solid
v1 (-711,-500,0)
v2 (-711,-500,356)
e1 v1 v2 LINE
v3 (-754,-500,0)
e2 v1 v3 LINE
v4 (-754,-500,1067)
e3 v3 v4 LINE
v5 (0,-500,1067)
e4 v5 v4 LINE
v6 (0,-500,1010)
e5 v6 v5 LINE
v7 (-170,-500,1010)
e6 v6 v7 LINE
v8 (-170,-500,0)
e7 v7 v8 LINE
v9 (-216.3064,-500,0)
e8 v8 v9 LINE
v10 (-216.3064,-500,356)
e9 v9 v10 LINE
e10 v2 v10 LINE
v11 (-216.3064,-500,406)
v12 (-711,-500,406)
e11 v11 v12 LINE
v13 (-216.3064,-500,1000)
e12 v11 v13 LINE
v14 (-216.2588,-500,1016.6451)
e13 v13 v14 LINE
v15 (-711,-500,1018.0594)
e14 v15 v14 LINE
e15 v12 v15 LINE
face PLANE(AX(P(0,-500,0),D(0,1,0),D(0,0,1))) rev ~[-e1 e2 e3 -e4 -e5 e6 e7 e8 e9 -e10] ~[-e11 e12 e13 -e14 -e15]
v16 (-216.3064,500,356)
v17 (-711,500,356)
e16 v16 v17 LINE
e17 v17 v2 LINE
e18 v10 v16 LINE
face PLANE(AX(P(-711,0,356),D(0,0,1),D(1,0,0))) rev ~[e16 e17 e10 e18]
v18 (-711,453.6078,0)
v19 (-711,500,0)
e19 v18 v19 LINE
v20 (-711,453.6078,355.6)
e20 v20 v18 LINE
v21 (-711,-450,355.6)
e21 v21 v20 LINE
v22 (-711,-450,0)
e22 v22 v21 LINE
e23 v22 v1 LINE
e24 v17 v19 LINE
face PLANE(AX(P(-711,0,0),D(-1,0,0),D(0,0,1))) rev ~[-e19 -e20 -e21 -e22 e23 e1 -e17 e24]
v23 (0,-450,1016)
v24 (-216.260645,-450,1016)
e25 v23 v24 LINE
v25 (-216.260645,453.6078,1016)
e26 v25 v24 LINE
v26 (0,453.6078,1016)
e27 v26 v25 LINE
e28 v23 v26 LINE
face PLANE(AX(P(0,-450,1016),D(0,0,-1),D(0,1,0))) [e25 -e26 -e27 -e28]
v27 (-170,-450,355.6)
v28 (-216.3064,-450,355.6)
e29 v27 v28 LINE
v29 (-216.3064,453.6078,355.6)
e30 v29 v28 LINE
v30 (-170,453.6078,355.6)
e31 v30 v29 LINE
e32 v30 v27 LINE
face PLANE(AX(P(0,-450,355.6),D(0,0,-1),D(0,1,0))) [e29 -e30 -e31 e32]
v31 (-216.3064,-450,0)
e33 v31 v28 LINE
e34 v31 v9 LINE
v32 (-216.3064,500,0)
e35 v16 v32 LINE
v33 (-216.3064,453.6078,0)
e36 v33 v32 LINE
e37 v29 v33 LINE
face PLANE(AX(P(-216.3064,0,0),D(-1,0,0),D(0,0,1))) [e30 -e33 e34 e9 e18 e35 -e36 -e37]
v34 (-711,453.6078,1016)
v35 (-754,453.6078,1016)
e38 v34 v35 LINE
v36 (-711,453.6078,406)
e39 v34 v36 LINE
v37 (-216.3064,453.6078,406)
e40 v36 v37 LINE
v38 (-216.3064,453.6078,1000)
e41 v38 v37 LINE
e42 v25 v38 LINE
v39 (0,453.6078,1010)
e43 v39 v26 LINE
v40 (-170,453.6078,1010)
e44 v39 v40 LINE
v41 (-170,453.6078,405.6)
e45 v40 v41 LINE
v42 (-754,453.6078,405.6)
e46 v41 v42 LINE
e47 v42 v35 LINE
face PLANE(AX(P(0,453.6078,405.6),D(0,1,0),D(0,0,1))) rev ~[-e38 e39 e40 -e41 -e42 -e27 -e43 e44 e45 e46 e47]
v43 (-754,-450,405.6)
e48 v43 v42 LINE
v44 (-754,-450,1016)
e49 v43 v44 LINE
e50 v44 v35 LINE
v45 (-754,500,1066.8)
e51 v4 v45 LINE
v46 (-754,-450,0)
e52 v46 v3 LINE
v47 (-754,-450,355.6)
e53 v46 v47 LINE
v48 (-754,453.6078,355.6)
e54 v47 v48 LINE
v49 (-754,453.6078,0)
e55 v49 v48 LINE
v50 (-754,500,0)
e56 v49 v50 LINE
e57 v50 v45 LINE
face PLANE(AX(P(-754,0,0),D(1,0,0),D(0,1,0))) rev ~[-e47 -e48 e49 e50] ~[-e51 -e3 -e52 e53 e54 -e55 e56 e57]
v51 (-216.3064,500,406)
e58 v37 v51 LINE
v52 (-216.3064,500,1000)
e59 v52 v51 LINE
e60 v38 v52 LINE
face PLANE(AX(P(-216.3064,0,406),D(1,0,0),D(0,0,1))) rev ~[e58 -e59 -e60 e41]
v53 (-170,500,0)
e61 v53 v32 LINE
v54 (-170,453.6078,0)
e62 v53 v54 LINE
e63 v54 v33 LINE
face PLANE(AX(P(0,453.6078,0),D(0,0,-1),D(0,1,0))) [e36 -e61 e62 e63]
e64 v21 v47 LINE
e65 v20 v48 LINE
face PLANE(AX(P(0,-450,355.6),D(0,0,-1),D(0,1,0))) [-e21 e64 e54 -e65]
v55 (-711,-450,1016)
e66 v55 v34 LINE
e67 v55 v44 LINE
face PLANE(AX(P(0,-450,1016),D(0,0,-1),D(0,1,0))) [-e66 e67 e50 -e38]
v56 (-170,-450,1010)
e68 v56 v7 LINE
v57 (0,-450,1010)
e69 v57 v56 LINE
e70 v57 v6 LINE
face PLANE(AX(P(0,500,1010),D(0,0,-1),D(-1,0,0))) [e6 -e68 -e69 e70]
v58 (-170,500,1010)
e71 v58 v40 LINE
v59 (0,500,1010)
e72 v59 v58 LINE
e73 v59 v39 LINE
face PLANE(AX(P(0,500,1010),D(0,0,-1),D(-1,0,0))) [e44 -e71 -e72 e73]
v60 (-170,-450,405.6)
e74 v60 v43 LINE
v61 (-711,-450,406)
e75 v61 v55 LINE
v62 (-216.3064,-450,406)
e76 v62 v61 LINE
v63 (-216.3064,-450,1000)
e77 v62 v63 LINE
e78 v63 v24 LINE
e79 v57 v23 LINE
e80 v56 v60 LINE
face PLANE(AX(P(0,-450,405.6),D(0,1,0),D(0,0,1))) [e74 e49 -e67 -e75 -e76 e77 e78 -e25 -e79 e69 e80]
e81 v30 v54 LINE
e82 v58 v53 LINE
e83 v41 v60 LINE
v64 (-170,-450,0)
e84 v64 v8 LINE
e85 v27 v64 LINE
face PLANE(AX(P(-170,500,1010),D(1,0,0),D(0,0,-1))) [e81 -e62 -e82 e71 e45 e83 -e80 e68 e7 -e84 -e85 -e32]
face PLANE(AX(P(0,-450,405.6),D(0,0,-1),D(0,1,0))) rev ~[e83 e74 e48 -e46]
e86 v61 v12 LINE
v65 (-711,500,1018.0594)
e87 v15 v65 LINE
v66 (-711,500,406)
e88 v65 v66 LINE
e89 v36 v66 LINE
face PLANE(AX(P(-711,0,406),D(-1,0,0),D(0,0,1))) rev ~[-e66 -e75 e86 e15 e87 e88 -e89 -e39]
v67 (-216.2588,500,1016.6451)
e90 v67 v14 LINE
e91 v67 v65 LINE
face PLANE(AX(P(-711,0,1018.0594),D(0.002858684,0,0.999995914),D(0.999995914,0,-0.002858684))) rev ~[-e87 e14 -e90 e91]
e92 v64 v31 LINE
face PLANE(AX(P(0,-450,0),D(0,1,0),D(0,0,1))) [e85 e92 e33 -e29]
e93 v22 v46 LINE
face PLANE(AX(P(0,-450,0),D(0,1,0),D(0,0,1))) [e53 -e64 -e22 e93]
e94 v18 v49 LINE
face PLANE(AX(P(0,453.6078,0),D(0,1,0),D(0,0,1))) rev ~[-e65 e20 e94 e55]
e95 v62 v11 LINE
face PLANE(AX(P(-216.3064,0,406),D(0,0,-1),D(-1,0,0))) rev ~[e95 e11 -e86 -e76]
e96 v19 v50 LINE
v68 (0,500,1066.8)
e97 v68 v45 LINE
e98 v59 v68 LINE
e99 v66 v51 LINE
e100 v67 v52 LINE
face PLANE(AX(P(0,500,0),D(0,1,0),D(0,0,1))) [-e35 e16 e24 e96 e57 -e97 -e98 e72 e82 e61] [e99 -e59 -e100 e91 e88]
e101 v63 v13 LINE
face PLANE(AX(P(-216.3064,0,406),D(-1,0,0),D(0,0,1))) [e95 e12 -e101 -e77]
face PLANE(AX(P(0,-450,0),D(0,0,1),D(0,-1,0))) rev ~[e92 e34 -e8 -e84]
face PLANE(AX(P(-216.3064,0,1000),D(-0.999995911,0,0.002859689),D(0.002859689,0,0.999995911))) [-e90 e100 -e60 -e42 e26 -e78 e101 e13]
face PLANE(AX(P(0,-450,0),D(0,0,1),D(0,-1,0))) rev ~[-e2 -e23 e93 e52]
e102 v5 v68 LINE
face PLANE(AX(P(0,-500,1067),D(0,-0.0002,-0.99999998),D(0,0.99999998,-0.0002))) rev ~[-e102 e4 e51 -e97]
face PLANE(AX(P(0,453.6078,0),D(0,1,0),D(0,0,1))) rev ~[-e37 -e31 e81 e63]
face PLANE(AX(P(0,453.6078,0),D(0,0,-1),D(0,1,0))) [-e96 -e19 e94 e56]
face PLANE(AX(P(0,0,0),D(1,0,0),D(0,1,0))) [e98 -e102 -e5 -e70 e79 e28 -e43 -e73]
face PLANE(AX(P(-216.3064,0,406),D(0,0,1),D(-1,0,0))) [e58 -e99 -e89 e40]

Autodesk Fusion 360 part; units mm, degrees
sketch "FrontProfile" plane through (0, 0, 0) normal (1, 0, 0) x (0, 1, 0)
  line L0 (0, 0) -> (-450, 0)
  line L1 (0, 0) -> (450, 0)
  line L2 (-450, 0) -> (-500, 0)
  line L3 (450, 0) -> (500, 0)
  line L4 (-500, 0) -> (-500, 1067)
  line L5 (500, 0) -> (500, 1066.8)
  line L6 (453.6078, 0) -> (453.6078, 1016)
  line L7 (-450, 0) -> (-450, 1016)
  line L8 (-450, 355.6) -> (453.6078, 355.6)
  line L9 (-450, 405.6) -> (453.6078, 405.6)
  line L10 (-450, 1016) -> (453.6078, 1016)
  line L11 (-500, 1067) -> (500, 1066.8)
sketch "Sketch3" plane through (0, 0, 0) normal (0, 1, 0) x (1, 0, 0)
  line L0 (0, 0) -> (-165.5064, 0)
  line L1 (-165.5064, 0) -> (-165.5064, -1016.5)
  line L2 (0, -1100) -> (-762, -1100)
  line L3 (-165.5064, 0) -> (-216.3064, 0)
  line L4 (-216.3064, 0) -> (-216.3064, -1000)
  line L5 (-762, -1100) -> (-762, 0)
  line L6 (-762, 0) -> (-711, 0)
  line L7 (-711, 0) -> (-711, -1018.0594)
  line L8 (-711, -1018.0594) -> (-165.5064, -1016.5)
  line L9 (-216.3064, -1000) -> (-216.2588, -1016.6451)
  line L10 (0, -1100) -> (0, 0)
  line L11 (-711, -356) -> (-216.3064, -356)
  line L12 (-711, 0) -> (-216.3064, 0)
  line L13 (-216.3064, -406) -> (-711, -406)
sketch "Sketch4" plane through (0, 0, 0) normal (0, 0, 1) x (1, 0, 0)
  line L0 (0, 0) -> (-762, 0)
  line L1 (0, 0) -> (0, 473.2266)
  line L2 (0, 0) -> (0, 422)
  line L3 (0, 0) -> (0, -422)
  line L4 (0, -422) -> (-750.4023, -422)
  line L5 (-750.4023, -422) -> (-762, 0)
  line L6 (0, 473.2266) -> (-750.4023, 473.2266)
  line L7 (-750.4023, 473.2266) -> (-762, 0)
  line L8 (-762, 0) -> (-762, 473.2266)
  line L9 (-762, 473.2266) -> (-750.4023, 473.2266)
  line L10 (-762, 0) -> (-762, -420)
  line L11 (-762, -420) -> (-762, -422)
  line L12 (-762, -422) -> (-697, -422)
extrude "Extrude1" add sketch "FrontProfile" against normal blind 754 contours L2 L3 L4 L5 L6 L7 L10 L11
extrude "Extrude2" add sketch "FrontProfile" against normal blind 754 contours L6 L7 L8 L9
sketch "Sketch5" plane through (0, 0, 0) normal (0, 1, 0) x (1, 0, 0)
  line L0 (-170, -1010) -> (0, -1010)
  line L1 (-170, -1010) -> (-170, 0)
sketch "Sketch6" plane through (0, 500, 0) normal (0, 1, 0) x (-1, 0, 0)
  line L0 (0, 1066.8) -> (0, 0)
  line L1 (0, 0) -> (754, 0)
  line L2 (754, 0) -> (754, 1066.8)
  line L3 (754, 1066.8) -> (0, 1066.8)
  line L4 (0, 1010) -> (170, 1010)
  line L5 (170, 1010) -> (170, 0)
  line L6 (170, 0) -> (0, 0)
  line L7 (0, 0) -> (0, 1010)
extrude "Extrude3" cut sketch "Sketch6" against normal blind 1000 contours L0 L1 L4 L5 L6 L7
extrude "Extrude4" cut sketch "Sketch3" along normal blind 600 contours L4 L7 L8 L9 L13
extrude "Extrude5" cut sketch "Sketch3" against normal blind 700 contours L4 L7 L8 L9 L13
extrude "Extrude6" cut sketch "Sketch3" against normal blind 650 contours L4 L7 L11 L12
extrude "Extrude7" cut sketch "Sketch3" along normal blind 600 contours L4 L7 L11 L12
